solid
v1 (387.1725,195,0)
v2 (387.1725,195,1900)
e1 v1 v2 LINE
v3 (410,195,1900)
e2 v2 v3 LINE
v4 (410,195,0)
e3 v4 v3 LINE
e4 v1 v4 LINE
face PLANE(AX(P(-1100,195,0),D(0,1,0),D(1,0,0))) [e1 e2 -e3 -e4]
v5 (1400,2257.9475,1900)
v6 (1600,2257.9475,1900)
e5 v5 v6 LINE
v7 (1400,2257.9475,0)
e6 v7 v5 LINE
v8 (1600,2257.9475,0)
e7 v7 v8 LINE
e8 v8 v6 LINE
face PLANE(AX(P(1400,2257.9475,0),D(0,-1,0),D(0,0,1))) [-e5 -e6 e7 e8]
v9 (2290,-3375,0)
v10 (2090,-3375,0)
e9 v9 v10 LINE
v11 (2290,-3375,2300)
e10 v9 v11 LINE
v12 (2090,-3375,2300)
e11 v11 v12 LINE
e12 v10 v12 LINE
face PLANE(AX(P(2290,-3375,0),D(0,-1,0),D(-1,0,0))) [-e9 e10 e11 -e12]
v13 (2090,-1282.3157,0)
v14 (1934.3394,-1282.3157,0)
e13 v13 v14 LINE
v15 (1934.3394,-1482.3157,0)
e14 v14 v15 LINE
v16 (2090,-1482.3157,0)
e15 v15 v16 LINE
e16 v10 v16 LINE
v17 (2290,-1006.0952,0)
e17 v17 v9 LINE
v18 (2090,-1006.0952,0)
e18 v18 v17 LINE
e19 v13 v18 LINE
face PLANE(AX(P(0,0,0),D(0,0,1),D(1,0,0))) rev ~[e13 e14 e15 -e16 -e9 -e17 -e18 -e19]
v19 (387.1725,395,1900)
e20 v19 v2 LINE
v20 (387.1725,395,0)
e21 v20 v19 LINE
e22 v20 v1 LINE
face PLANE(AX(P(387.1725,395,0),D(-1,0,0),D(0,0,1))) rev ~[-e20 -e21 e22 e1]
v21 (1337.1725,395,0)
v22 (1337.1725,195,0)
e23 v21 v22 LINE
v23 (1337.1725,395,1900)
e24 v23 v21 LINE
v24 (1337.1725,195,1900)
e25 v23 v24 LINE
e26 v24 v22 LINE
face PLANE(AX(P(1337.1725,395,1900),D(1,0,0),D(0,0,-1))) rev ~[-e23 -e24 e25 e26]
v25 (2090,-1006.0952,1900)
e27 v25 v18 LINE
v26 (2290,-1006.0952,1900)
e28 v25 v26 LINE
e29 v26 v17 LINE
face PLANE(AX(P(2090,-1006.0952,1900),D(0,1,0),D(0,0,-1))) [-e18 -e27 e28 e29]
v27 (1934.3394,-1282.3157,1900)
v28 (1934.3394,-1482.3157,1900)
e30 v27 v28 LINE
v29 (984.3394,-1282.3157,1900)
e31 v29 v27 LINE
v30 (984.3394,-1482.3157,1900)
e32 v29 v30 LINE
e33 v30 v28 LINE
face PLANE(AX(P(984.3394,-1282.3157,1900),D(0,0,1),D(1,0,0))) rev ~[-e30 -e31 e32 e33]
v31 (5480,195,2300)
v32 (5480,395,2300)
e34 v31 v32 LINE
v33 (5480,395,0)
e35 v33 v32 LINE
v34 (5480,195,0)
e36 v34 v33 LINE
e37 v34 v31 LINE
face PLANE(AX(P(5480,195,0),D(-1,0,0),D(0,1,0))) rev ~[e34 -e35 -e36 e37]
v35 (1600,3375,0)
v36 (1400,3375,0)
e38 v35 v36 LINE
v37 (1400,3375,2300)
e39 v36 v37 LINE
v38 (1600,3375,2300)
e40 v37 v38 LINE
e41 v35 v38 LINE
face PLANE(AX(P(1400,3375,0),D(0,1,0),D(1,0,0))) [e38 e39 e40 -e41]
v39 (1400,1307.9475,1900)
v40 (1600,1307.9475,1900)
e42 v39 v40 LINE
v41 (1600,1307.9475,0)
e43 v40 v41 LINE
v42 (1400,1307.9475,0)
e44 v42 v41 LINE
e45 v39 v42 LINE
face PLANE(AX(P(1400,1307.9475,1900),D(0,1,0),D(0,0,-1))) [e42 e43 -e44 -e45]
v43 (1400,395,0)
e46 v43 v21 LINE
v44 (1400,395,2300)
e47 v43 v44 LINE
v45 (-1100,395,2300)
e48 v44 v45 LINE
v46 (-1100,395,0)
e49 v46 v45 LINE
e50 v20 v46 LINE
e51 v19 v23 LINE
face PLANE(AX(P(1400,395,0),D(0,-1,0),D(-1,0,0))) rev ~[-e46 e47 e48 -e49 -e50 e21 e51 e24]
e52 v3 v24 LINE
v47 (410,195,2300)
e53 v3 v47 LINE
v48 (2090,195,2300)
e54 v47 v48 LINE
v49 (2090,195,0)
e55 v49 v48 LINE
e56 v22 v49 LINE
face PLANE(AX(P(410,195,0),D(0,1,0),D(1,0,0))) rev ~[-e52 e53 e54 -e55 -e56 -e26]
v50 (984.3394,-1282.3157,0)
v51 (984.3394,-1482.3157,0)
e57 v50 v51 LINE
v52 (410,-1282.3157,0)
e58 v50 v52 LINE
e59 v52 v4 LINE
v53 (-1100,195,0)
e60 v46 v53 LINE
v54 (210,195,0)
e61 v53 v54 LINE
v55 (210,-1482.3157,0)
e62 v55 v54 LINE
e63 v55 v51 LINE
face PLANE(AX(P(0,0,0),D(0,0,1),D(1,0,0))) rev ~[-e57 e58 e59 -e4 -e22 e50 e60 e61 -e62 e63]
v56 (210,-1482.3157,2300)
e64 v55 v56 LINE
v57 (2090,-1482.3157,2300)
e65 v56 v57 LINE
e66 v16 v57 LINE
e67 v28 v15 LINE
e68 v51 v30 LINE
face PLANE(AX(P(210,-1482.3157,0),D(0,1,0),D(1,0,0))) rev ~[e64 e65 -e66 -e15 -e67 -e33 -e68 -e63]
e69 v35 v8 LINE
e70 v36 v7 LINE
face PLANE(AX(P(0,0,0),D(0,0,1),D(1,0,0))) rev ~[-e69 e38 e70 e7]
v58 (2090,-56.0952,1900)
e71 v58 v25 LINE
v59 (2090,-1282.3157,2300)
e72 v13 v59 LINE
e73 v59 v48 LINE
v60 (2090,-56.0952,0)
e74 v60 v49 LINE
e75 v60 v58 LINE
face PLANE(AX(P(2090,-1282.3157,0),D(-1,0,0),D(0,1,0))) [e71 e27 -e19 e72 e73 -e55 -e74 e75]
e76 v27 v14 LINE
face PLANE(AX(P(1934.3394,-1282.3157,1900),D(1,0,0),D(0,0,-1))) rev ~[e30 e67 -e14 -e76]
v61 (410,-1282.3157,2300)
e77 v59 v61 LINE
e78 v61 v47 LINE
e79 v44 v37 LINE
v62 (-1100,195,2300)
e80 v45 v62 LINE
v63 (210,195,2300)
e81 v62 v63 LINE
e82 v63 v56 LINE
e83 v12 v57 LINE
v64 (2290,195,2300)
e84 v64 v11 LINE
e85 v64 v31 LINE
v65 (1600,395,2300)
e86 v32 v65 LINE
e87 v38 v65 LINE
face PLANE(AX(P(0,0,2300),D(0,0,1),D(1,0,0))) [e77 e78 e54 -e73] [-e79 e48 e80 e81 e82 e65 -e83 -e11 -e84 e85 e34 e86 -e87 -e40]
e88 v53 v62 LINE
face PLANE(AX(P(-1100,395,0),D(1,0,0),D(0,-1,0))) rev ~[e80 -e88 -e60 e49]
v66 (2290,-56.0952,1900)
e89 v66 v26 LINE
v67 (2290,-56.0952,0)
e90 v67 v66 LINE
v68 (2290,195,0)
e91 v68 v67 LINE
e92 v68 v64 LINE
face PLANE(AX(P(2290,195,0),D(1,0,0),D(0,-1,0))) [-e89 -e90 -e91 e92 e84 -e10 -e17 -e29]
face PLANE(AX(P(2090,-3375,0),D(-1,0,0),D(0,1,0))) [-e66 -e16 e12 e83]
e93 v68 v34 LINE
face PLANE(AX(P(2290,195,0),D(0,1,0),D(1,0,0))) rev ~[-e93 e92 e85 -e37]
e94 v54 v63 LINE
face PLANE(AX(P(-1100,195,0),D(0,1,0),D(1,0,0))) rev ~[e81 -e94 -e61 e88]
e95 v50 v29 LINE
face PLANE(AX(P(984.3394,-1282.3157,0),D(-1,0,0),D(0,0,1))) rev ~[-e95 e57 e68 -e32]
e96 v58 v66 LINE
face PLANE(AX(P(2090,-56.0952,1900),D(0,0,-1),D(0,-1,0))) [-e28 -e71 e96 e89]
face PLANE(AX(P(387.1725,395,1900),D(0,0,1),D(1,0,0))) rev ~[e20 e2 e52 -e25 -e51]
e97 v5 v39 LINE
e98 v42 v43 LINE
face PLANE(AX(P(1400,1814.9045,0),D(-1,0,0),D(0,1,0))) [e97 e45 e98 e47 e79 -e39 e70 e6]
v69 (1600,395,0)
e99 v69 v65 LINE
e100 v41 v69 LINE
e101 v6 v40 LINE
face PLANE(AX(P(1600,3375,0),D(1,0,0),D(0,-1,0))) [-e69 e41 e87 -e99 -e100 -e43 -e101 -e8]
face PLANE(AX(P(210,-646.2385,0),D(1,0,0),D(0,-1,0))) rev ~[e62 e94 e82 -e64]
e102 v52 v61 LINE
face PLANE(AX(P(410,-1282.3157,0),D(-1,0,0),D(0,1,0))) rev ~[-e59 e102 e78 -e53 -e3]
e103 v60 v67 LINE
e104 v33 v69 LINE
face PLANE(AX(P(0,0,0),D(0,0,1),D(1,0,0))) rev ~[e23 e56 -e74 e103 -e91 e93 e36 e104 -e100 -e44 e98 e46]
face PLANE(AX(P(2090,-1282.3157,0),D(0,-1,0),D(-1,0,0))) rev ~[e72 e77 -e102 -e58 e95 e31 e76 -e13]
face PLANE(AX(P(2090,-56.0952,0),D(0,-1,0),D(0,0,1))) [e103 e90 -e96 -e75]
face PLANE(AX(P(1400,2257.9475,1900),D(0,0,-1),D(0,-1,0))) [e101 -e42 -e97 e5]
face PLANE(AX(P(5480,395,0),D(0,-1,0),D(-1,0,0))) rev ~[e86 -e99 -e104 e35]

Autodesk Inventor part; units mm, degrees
ref_plane "YZ Plane" through (0, 0, 0) normal (1, 0, 0) x (0, 1, 0)
ref_plane "XZ Plane" through (0, 0, 0) normal (0, 1, 0) x (-1, 0, 0)
ref_plane "XY Plane" through (0, 0, 0) normal (0, 0, 1) x (1, 0, 0)
ref_plane "Arbeitsebene1" through (0, 0, 0) normal (0, 0, 1) x (1, 0, 0)
sketch "Skizze1" plane through (0, 0, 0) normal (0, 0, 1) x (1, 0, 0)
  line L0 (5680, -3575) -> (5680, 3575) projected
  line L1 (5680, 3575) -> (-5680, 3575) projected
  line L2 (-5680, 3575) -> (-5680, -3575) projected
  line L3 (-5680, -3575) -> (5680, -3575) projected
  line L4 (1400, 3375) -> (1600, 3375)
  line L5 (1600, 3375) -> (1600, 395)
  line L6 (1400, 395) -> (1400, 3375)
  line L7 (-1100, 395) -> (-1100, 195)
  line L8 (5480, 195) -> (5480, 395)
  line L9 (2290, 195) -> (2290, -3375)
  line L10 (2290, -3375) -> (2090, -3375)
  line L11 (5480, 395) -> (1600, 395)
  line L12 (1400, 395) -> (-1100, 395)
  line L13 (2290, 195) -> (5480, 195)
  line L14 (2090, -1282.3157) -> (410, -1282.3157)
  line L15 (210, -646.2385) -> (210, -1482.3157)
  line L16 (210, -1482.3157) -> (2090, -1482.3157)
  line L17 (210, 195) -> (210, -646.2385)
  line L18 (410, -1282.3157) -> (410, 195)
  line L19 (2090, -3375) -> (2090, -1482.3157)
  line L20 (2090, -1282.3157) -> (2090, 195)
  line L21 (-1100, 195) -> (210, 195)
  line L22 (410, 195) -> (2090, 195)
  line L23 (1430, 3375) -> (1430, 1814.9045) projected
  line L24 (1430, 1814.9045) -> (-1230, 1814.9045) projected
  line L25 (-1230, 1814.9045) -> (-1230, 3375) projected
  line L26 (-1230, 3375) -> (1430, 3375) projected
  dimension "d1" = 200
  dimension "d2" = 200
  dimension "d3" = 200
  dimension "d4" = 2980
  dimension "d6" = 200
  dimension "d8" = 200
  dimension "d9" = 2500
  dimension "d16" = 3880
  dimension "d26" = 200
  dimension "d27" = 200
  dimension "d28" = 1310
  dimension "d29" = 200
  dimension "d31" = 1680
extrude "Extrusion4" add sketch "Skizze1" along normal blind 2300 contours L4 L23 L24 L6 | L4 L5 L11 L8 L13 L9 L10 L19 L16 L15 L17 L21 L7 L12 L6 L24 L23
sketch "Skizze4" plane through (1400, 395, 0) normal (-1, 0, 0) x (0, 0, 1)
  line L0 (0, 0) -> (0, 2980) projected
  line L1 (0, 0) -> (2300, 0) projected
  line L2 (2300, 2980) -> (2300, 0) projected
  line L3 (0, 2980) -> (2300, 2980) projected
  line L4 (0, 0) -> (0, 2980) projected
  line L5 (0, 1862.9475) -> (1900, 1862.9475)
  line L6 (1900, 1862.9475) -> (1900, 912.9475)
  line L7 (1900, 912.9475) -> (0, 912.9475)
  line L8 (0, 912.9475) -> (0, 1862.9475)
  dimension "d34" = 950
  dimension "d35" = 1900
extrude "Extrusion5" cut sketch "Skizze4" against normal up to surface (200 mm away) contours L0 L5 L6 L7
sketch "Skizze5" plane through (-1100, 395, 0) normal (0, 1, 0) x (1, 0, 0)
  line L0 (0, 0) -> (2500, 0) projected
  line L1 (0, 0) -> (0, -2300) projected
  line L2 (2500, -2300) -> (0, -2300) projected
  line L3 (2500, 0) -> (2500, -2300) projected
  line L4 (0, 0) -> (2500, 0) projected
  line L5 (2437.1725, 0) -> (1487.1725, 0)
  line L6 (1487.1725, 0) -> (1487.1725, -1900)
  line L7 (1487.1725, -1900) -> (2437.1725, -1900)
  line L8 (2437.1725, -1900) -> (2437.1725, 0)
  dimension "d38" = 950
  dimension "d39" = 1900
extrude "Extrusion6" cut sketch "Skizze5" against normal up to surface (200 mm away) contours L0 L8 L7 L6
sketch "Skizze6" plane through (2090, -1282.3157, 0) normal (-1, 0, 0) x (0, 0, 1)
  line L0 (0, 0) -> (0, 1477.3157) projected
  line L1 (0, 0) -> (2300, 0) projected
  line L2 (2300, 1477.3157) -> (2300, 0) projected
  line L3 (0, 1477.3157) -> (2300, 1477.3157) projected
  line L4 (0, 0) -> (0, 1477.3157) projected
  line L5 (0, 1226.2205) -> (1900, 1226.2205)
  line L6 (1900, 1226.2205) -> (1900, 276.2205)
  line L7 (1900, 276.2205) -> (0, 276.2205)
  line L8 (0, 276.2205) -> (0, 1226.2205)
  dimension "d42" = 950
  dimension "d43" = 1900
extrude "Extrusion7" cut sketch "Skizze6" against normal up to surface (200 mm away) contours L0 L5 L6 L7
sketch "Skizze7" plane through (410, -1282.3157, 0) normal (0, 1, 0) x (1, 0, 0)
  line L0 (0, 0) -> (1680, 0) projected
  line L1 (0, 0) -> (0, -2300) projected
  line L2 (1680, -2300) -> (0, -2300) projected
  line L3 (1680, 0) -> (1680, -2300) projected
  line L4 (0, 0) -> (1680, 0) projected
  line L5 (1524.3394, 0) -> (574.3394, 0)
  line L6 (574.3394, 0) -> (574.3394, -1900)
  line L7 (574.3394, -1900) -> (1524.3394, -1900)
  line L8 (1524.3394, -1900) -> (1524.3394, 0)
  dimension "d46" = 950
  dimension "d47" = 1900
extrude "Extrusion8" cut sketch "Skizze7" against normal up to surface (200 mm away) contours L0 L8 L7 L6
properties part number "Wände_oben" material "Beton"
